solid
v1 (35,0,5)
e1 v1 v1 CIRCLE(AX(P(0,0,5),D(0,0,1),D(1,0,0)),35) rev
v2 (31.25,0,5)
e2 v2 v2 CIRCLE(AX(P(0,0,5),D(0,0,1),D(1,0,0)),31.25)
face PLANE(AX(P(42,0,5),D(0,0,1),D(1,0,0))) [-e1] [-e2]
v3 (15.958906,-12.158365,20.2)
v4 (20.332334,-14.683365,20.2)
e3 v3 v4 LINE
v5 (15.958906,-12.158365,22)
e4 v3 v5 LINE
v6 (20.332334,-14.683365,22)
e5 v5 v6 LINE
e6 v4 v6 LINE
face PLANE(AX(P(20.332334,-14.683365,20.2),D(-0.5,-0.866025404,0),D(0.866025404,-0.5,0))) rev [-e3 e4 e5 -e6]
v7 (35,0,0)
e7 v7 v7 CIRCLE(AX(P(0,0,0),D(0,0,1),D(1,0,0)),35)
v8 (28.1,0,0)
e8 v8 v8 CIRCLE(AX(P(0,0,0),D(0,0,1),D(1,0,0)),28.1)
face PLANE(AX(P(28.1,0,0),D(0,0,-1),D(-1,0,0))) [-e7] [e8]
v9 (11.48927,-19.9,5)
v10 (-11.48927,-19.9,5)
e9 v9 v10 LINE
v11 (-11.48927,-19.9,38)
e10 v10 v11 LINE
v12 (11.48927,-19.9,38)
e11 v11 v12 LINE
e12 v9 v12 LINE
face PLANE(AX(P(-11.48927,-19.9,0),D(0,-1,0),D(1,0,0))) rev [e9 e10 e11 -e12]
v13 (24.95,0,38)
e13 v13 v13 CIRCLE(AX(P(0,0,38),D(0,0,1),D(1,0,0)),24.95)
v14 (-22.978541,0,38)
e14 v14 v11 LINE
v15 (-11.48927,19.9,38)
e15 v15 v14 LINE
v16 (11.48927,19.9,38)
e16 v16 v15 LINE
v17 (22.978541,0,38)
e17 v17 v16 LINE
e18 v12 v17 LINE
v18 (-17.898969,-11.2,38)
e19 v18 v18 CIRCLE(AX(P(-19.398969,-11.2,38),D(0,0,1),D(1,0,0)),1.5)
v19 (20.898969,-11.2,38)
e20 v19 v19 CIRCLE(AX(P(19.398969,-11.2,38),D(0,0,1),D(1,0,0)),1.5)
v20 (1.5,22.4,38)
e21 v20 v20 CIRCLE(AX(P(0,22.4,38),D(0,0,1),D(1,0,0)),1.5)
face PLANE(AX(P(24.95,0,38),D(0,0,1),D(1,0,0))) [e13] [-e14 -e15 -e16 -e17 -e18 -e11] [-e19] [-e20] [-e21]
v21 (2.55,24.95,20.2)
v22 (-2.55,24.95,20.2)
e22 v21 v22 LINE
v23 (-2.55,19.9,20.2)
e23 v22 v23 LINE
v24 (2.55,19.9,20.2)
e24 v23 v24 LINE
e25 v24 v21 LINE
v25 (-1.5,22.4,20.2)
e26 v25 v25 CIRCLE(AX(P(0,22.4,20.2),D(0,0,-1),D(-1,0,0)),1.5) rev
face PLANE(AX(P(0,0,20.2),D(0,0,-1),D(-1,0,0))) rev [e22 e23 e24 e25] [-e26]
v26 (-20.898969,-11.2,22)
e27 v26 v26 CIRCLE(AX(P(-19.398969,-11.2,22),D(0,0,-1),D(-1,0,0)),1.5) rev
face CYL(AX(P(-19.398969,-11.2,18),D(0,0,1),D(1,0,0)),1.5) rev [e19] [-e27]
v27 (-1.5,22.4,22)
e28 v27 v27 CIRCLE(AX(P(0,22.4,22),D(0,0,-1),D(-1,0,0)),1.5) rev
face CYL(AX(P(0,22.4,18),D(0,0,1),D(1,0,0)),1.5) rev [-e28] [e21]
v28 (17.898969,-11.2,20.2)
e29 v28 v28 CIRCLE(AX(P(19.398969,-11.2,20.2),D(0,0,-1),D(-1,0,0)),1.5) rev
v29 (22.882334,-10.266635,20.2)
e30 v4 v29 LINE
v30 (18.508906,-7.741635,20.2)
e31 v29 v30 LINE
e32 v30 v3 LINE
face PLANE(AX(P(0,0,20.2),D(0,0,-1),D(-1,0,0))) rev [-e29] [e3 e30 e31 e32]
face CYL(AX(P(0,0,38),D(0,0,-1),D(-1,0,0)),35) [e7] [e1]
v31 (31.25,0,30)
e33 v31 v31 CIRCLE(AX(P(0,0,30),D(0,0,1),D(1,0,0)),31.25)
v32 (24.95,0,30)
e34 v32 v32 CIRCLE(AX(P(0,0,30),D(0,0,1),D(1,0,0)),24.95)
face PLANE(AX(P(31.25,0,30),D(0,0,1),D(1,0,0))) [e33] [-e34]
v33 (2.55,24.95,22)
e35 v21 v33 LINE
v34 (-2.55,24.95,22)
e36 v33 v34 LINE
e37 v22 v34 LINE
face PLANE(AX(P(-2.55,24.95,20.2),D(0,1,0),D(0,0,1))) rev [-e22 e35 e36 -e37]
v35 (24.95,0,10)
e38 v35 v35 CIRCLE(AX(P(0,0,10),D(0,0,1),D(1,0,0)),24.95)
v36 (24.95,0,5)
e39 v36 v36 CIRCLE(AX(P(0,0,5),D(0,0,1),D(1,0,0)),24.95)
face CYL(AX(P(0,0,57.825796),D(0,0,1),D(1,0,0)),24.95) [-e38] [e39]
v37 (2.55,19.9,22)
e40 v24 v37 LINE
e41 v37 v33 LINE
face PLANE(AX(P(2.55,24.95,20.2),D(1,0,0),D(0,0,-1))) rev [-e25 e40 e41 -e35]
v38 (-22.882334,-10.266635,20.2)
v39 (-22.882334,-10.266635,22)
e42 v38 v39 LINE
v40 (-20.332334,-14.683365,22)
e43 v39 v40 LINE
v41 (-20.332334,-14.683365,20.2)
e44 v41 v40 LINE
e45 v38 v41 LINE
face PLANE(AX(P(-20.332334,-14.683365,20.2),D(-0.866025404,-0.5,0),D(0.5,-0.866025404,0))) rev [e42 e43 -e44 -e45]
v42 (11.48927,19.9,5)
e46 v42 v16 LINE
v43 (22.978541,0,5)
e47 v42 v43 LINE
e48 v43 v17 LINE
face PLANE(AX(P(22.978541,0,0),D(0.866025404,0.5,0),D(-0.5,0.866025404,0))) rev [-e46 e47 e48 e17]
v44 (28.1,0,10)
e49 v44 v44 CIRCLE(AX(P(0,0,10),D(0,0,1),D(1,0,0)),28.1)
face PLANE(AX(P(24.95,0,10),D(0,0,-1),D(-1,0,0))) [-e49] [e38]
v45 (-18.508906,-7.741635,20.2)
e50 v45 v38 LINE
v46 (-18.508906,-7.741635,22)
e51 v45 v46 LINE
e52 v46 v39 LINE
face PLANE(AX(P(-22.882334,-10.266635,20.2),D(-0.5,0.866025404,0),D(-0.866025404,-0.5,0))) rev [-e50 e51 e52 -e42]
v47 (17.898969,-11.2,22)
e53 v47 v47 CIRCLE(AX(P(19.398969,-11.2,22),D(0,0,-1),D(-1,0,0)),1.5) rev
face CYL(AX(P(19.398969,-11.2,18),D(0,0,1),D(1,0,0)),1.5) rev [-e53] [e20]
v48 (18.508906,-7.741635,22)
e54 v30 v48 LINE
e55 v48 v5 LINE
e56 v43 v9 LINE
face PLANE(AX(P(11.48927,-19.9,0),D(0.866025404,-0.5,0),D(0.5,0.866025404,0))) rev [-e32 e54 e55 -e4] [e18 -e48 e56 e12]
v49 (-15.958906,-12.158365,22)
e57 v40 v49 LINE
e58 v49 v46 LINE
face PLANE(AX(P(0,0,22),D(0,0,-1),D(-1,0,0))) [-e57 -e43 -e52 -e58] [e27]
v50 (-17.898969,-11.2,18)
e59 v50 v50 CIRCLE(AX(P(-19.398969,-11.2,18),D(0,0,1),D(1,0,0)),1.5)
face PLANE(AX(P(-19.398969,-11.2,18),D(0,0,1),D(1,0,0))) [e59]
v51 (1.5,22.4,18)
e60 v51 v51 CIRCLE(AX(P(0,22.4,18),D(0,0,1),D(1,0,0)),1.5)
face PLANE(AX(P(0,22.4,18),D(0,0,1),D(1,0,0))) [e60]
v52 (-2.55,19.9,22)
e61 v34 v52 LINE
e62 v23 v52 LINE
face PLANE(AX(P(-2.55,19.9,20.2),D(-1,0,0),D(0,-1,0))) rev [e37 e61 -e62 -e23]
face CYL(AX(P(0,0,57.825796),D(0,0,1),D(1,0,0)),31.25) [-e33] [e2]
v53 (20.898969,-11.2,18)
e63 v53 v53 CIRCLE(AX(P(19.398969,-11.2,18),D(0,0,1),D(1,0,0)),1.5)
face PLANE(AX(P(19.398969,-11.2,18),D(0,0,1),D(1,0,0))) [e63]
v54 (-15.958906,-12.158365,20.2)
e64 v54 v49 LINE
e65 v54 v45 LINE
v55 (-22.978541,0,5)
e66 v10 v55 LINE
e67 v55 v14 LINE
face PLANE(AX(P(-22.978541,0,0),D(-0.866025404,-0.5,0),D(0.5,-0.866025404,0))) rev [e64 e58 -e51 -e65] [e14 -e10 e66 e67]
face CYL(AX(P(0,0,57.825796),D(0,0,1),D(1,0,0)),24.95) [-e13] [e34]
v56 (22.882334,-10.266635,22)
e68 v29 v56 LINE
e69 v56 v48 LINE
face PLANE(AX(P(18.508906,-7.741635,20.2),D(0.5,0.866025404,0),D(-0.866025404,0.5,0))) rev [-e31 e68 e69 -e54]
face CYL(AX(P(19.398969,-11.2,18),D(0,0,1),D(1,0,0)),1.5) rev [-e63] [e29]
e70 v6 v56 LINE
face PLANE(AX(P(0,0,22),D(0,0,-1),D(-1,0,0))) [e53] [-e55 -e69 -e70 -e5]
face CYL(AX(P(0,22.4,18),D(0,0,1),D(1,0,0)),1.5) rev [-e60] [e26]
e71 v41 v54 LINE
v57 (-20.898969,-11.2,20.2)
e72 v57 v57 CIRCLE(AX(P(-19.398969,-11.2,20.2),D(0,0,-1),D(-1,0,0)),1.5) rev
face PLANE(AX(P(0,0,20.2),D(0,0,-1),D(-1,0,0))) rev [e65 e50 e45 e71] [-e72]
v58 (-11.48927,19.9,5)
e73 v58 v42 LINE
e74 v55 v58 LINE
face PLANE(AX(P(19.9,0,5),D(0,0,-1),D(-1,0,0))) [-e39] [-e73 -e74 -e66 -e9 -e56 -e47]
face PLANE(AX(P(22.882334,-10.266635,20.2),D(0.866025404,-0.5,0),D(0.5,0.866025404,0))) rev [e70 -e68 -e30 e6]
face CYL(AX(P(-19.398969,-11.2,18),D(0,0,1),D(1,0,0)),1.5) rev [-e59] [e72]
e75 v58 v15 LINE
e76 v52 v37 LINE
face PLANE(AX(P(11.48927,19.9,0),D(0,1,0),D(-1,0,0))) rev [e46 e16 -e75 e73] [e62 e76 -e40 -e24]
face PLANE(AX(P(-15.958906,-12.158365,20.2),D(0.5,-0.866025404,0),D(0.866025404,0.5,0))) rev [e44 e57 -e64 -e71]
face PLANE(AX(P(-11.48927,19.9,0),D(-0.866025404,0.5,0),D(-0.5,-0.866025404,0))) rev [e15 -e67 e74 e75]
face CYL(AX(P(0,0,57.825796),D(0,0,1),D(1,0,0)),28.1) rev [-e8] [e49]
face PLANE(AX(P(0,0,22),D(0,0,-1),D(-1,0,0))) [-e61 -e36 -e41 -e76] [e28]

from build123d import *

# Parameters (mm, degrees)
CUT_EXTRUDE1_DEPTH = 71.512410255
SKETCH3_R          = 1.5
CUT_EXTRUDE2_DEPTH = 20
SKETCH4_W          = 5.1
SKETCH4_H          = 5.05
CUT_EXTRUDE3_DEPTH = 1.8
SKETCH6_R          = 2.55
CUT_EXTRUDE4_DEPTH = 3
SKETCH7_R          = 1.75
CUT_EXTRUDE5_DEPTH = 3
SKETCH8_OUTSIDE_W  = 110.944
SKETCH8_OUTSIDE_H  = 110.944
SKETCH8_OUTSIDE_R  = 35
CUT_EXTRUDE6_DEPTH = 71.512410255


with BuildPart() as part:
    # Sketch1 → Revolve1 (revolve)
    with BuildSketch(Plane(origin=(0, 0, 0), x_dir=(1, 0, 0), z_dir=(0, 1, 0))):
        Polygon((19.9, -38), (19.9, -5), (24.95, -5), (24.95, -10), (28.1, -10), (28.1, 0), (42, 0), (42, -5), (31.25, -5), (31.25, -30), (24.95, -30), (24.95, -38), align=None)
    revolve(axis=Axis((0, 0, 57.825795551), (0, 0, -1)))

    # Sketch2 → Cut-Extrude1 (cut, through all)
    with BuildSketch(Plane.XY.offset(38)):
        Polygon((-22.978540714, 0), (-11.489270357, -19.9), (11.489270357, -19.9), (22.978540714, 0), (11.489270357, 19.9), (-11.489270357, 19.9), align=None)
    extrude(amount=-CUT_EXTRUDE1_DEPTH, mode=Mode.SUBTRACT)

    # Sketch3 → Cut-Extrude2 (cut)
    with BuildSketch(Plane.XY.offset(38)):
        with Locations((0, 22.4)):
            Circle(SKETCH3_R)
        with Locations((19.398969045, -11.2)):
            Circle(SKETCH3_R)
        with Locations((-19.398969045, -11.2)):
            Circle(SKETCH3_R)
    extrude(amount=-CUT_EXTRUDE2_DEPTH, mode=Mode.SUBTRACT)

    # Sketch4 → Cut-Extrude3 (cut)
    with BuildSketch(Plane.XY.offset(22)):
        with Locations((0, 22.425)):
            Rectangle(SKETCH4_W, SKETCH4_H)
        Polygon((18.508905535, -7.74163522), (15.958905535, -12.15836478), (20.332333824, -14.68336478), (22.882333824, -10.26663522), align=None)
        Polygon((-15.958905535, -12.15836478), (-18.508905535, -7.74163522), (-22.882333824, -10.26663522), (-20.332333824, -14.68336478), align=None)
    extrude(amount=-CUT_EXTRUDE3_DEPTH, mode=Mode.SUBTRACT)

    # Sketch6 → Cut-Extrude4 (cut)
    with BuildSketch(Plane(origin=(0, 0, 0), x_dir=(-1, 0, 0), z_dir=(0, 0, -1))):
        with Locations((0, 38)):
            Circle(SKETCH6_R)
        with Locations((38, 0)):
            Circle(SKETCH6_R)
        with Locations((0, -38)):
            Circle(SKETCH6_R)
        with Locations((-38, 0)):
            Circle(SKETCH6_R)
    extrude(amount=-CUT_EXTRUDE4_DEPTH, mode=Mode.SUBTRACT)

    # Sketch7 → Cut-Extrude5 (cut)
    with BuildSketch(Plane(origin=(0, 0, 3), x_dir=(-1, 0, 0), z_dir=(0, 0, -1))):
        with Locations((0, 38)):
            Circle(SKETCH7_R)
        with Locations((38, 0)):
            Circle(SKETCH7_R)
        with Locations((0, -38)):
            Circle(SKETCH7_R)
        with Locations((-38, 0)):
            Circle(SKETCH7_R)
    extrude(amount=-CUT_EXTRUDE5_DEPTH, mode=Mode.SUBTRACT)

    # Sketch8 outside → Cut-Extrude6 (cut, through all)
    with BuildSketch(Plane.XY):
        Rectangle(SKETCH8_OUTSIDE_W, SKETCH8_OUTSIDE_H)
        Circle(SKETCH8_OUTSIDE_R, mode=Mode.SUBTRACT)
    extrude(amount=CUT_EXTRUDE6_DEPTH, mode=Mode.SUBTRACT)


solid = part.part
